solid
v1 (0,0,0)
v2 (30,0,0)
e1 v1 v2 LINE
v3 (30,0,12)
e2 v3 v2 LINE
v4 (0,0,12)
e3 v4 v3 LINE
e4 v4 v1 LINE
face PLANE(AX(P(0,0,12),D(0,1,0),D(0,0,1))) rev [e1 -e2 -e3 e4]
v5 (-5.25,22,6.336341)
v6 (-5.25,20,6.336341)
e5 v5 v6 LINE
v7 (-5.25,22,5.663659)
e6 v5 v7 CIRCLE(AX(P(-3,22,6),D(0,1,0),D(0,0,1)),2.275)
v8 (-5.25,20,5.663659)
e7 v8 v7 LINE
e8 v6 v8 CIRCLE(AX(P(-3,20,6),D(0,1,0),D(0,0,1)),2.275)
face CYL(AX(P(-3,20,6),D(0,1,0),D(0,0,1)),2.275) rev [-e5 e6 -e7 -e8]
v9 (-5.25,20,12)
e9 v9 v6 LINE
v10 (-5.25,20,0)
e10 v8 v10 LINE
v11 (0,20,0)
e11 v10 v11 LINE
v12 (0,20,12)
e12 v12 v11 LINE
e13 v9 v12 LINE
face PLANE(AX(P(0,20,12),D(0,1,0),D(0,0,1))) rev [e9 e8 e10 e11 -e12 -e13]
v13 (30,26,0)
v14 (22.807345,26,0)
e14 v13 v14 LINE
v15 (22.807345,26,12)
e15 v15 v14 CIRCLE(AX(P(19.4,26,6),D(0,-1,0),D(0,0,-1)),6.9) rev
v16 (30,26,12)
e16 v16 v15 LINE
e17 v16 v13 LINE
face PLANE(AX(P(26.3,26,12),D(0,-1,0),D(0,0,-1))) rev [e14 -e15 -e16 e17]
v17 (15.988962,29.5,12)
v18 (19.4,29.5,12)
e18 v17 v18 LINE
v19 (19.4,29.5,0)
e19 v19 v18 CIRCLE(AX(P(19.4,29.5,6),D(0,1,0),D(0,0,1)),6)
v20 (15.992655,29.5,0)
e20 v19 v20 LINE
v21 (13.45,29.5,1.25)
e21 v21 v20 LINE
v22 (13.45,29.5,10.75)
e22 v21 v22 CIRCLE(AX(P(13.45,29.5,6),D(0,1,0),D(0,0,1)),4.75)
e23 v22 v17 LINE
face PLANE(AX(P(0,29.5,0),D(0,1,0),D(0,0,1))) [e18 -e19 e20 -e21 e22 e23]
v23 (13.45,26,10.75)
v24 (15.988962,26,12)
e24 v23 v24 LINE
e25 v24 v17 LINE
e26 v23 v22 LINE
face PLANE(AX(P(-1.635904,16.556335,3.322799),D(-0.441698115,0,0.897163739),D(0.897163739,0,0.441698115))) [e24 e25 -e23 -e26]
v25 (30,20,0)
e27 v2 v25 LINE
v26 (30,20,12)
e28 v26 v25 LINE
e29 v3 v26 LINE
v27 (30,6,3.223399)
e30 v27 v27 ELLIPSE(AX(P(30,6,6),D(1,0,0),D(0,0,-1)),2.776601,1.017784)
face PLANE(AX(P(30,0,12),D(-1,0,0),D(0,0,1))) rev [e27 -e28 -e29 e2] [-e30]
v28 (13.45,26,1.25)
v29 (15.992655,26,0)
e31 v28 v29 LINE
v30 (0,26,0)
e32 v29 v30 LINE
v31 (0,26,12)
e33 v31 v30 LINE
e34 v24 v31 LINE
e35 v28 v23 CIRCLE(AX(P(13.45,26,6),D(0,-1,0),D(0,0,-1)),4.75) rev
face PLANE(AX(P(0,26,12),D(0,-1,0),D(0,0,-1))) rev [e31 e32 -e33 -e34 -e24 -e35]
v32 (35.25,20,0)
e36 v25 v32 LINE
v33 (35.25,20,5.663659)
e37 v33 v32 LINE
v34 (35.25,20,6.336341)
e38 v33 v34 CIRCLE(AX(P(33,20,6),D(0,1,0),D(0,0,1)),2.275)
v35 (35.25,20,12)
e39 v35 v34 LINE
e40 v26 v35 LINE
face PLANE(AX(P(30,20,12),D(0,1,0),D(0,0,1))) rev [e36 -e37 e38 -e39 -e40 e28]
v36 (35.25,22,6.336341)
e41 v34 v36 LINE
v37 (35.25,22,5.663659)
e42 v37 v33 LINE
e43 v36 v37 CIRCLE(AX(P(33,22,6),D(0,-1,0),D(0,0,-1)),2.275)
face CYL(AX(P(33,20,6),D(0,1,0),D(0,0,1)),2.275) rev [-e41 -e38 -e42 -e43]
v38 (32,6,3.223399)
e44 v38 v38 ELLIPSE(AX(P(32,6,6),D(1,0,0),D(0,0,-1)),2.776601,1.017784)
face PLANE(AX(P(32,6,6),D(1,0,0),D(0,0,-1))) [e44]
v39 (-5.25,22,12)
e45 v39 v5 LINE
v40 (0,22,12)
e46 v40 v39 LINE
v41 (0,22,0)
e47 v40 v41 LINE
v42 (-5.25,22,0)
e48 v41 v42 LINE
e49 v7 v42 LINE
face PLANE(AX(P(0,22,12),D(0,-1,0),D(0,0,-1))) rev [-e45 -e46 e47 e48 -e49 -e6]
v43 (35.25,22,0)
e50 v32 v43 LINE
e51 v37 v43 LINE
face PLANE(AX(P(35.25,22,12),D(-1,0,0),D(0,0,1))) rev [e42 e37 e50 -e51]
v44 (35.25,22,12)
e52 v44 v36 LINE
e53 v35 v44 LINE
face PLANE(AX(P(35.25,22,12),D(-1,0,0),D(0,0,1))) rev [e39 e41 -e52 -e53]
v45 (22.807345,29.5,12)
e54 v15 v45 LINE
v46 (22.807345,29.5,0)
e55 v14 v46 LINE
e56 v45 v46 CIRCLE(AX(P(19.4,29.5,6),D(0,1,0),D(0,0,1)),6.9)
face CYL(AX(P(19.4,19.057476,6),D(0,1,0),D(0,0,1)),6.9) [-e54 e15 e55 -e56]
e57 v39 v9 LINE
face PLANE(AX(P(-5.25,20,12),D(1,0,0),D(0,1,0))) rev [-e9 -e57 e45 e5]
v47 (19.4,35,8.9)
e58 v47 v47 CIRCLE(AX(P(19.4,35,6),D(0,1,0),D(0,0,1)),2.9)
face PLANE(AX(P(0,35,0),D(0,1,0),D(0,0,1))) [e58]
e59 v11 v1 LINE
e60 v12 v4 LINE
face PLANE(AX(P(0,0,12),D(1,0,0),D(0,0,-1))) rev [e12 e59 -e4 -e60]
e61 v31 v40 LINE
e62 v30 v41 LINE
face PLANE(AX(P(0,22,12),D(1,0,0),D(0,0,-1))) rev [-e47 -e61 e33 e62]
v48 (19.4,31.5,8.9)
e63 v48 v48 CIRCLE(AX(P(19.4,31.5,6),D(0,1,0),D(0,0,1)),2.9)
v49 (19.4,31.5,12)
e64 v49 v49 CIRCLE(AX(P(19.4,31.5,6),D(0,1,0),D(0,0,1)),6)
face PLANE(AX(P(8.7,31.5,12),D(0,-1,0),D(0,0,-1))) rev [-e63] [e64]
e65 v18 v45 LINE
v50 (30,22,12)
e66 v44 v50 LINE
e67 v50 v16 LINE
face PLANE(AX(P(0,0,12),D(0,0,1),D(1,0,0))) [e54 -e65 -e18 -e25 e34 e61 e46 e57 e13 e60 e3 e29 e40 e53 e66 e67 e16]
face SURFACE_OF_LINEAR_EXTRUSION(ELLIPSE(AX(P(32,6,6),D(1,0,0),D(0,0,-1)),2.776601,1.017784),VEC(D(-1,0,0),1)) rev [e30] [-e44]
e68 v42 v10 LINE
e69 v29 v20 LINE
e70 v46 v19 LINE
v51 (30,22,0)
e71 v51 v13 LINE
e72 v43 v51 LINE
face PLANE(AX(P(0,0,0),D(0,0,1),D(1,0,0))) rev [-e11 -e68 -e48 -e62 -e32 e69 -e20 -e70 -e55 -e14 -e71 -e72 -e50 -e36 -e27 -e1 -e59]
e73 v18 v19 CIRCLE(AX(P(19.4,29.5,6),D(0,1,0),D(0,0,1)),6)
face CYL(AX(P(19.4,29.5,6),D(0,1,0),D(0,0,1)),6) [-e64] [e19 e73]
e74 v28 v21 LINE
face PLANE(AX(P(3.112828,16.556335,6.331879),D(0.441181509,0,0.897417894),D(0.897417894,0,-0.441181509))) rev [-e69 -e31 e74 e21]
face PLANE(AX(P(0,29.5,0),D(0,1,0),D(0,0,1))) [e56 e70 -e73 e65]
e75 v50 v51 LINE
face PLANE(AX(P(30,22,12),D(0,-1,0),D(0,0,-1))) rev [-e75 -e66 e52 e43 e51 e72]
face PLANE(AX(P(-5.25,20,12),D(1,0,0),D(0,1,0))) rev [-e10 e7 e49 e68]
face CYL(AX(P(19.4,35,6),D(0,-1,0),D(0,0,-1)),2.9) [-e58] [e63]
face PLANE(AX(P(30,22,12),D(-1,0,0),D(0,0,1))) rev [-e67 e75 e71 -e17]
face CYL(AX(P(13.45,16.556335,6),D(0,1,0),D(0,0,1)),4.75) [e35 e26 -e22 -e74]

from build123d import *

# Parameters (mm, degrees)
BOSS_EXTRUDE1_DEPTH = 12
SKETCH2_RX          = 2.776601092
SKETCH2_RY          = 1.017784095
BOSS_EXTRUDE2_DEPTH = 2
SKETCH3_R           = 2.275
CUT_EXTRUDE3_DEPTH  = 2
SKETCH5_R           = 2.9
BOSS_EXTRUDE3_DEPTH = 3.5
CUT_EXTRUDE4_DEPTH  = 5.5
CUT_EXTRUDE5_DEPTH  = 2
CUT_EXTRUDE6_DEPTH  = 3.5


with BuildPart() as part:
    # Sketch1 → Boss-Extrude1 (new body)
    with BuildSketch(Plane.XY):
        Polygon((0, 22), (0, 26), (8.7, 26), (8.7, 31.5), (26.3, 31.5), (26.3, 26), (30, 26), (30, 22), (35.25, 22), (35.25, 20), (30, 20), (30, 0), (0, 0), (0, 20), (-5.25, 20), (-5.25, 22), align=None)
    extrude(amount=BOSS_EXTRUDE1_DEPTH)

    # Sketch2 → Boss-Extrude2 (add)
    with BuildSketch(Plane(origin=(30, 0, 0), x_dir=(0, 0, -1), z_dir=(1, 0, 0))):
        with Locations((-6, 6)):
            Ellipse(SKETCH2_RX, SKETCH2_RY)
    extrude(amount=BOSS_EXTRUDE2_DEPTH)

    # Sketch3 → Cut-Extrude3 (cut)
    with BuildSketch(Plane(origin=(0, 22, 0), x_dir=(1, 0, 0), z_dir=(0, 1, 0))):
        with Locations((-3, -6)):
            Circle(SKETCH3_R)
        with Locations((33, -6)):
            Circle(SKETCH3_R)
    extrude(amount=-CUT_EXTRUDE3_DEPTH, mode=Mode.SUBTRACT)

    # Sketch5 → Boss-Extrude3 (add)
    with BuildSketch(Plane(origin=(0, 31.5, 0), x_dir=(1, 0, 0), z_dir=(0, 1, 0))):
        with Locations((19.4, -6)):
            Circle(SKETCH5_R)
    extrude(amount=BOSS_EXTRUDE3_DEPTH)

    # Sketch5<3> → Cut-Extrude4 (cut)
    with BuildSketch(Plane(origin=(0, 31.5, 0), x_dir=(1, 0, 0), z_dir=(0, 1, 0))):
        with BuildLine():
            Line((26.3, 0), (22.807345007, 0))
            ThreePointArc((22.807345007, 0), (25.363249137, -2.528738021), (26.3, -6))
            Line((26.3, -6), (26.3, 0))
        make_face()
        with BuildLine():
            Line((26.3, -12), (26.3, -6))
            ThreePointArc((26.3, -6), (25.363249137, -9.471261979), (22.807345007, -12))
            Line((22.807345007, -12), (26.3, -12))
        make_face()
    extrude(amount=-CUT_EXTRUDE4_DEPTH, mode=Mode.SUBTRACT)

    # Sketch7 → Cut-Extrude5 (cut)
    with BuildSketch(Plane(origin=(0, 31.5, 0), x_dir=(1, 0, 0), z_dir=(0, 1, 0))):
        with BuildLine():
            ThreePointArc((22.807345007, -12), (26.3, -6), (22.807345007, 0))
            Line((22.807345007, 0), (19.4, 0))
            ThreePointArc((19.4, 0), (23.642640687, -1.757359313), (25.4, -6))
            ThreePointArc((25.4, -6), (23.642640687, -10.242640687), (19.4, -12))
            Line((19.4, -12), (22.807345007, -12))
        make_face()
        with BuildLine():
            ThreePointArc((19.4, -12), (13.4, -6), (19.4, 0))
            Line((19.4, 0), (8.7, 0))
            Line((8.7, 0), (8.7, -12))
            Line((8.7, -12), (19.4, -12))
        make_face()
    extrude(amount=-CUT_EXTRUDE5_DEPTH, mode=Mode.SUBTRACT)

    # Sketch8 → Cut-Extrude6 (cut)
    with BuildSketch(Plane(origin=(0, 29.5, 0), x_dir=(1, 0, 0), z_dir=(0, 1, 0))):
        with BuildLine():
            Line((8.7, 0), (8.7, -6))
            ThreePointArc((8.7, -6), (10.091242789, -2.641242789), (13.45, -1.25))
            Line((13.45, -1.25), (15.992654993, 0))
            Line((15.992654993, 0), (8.7, 0))
        make_face()
        with BuildLine():
            Line((15.988961876, -12), (13.45, -10.75))
            ThreePointArc((13.45, -10.75), (10.091242789, -9.358757211), (8.7, -6))
            Line((8.7, -6), (8.7, -12))
            Line((8.7, -12), (15.988961876, -12))
        make_face()
    extrude(amount=-CUT_EXTRUDE6_DEPTH, mode=Mode.SUBTRACT)


solid = part.part
